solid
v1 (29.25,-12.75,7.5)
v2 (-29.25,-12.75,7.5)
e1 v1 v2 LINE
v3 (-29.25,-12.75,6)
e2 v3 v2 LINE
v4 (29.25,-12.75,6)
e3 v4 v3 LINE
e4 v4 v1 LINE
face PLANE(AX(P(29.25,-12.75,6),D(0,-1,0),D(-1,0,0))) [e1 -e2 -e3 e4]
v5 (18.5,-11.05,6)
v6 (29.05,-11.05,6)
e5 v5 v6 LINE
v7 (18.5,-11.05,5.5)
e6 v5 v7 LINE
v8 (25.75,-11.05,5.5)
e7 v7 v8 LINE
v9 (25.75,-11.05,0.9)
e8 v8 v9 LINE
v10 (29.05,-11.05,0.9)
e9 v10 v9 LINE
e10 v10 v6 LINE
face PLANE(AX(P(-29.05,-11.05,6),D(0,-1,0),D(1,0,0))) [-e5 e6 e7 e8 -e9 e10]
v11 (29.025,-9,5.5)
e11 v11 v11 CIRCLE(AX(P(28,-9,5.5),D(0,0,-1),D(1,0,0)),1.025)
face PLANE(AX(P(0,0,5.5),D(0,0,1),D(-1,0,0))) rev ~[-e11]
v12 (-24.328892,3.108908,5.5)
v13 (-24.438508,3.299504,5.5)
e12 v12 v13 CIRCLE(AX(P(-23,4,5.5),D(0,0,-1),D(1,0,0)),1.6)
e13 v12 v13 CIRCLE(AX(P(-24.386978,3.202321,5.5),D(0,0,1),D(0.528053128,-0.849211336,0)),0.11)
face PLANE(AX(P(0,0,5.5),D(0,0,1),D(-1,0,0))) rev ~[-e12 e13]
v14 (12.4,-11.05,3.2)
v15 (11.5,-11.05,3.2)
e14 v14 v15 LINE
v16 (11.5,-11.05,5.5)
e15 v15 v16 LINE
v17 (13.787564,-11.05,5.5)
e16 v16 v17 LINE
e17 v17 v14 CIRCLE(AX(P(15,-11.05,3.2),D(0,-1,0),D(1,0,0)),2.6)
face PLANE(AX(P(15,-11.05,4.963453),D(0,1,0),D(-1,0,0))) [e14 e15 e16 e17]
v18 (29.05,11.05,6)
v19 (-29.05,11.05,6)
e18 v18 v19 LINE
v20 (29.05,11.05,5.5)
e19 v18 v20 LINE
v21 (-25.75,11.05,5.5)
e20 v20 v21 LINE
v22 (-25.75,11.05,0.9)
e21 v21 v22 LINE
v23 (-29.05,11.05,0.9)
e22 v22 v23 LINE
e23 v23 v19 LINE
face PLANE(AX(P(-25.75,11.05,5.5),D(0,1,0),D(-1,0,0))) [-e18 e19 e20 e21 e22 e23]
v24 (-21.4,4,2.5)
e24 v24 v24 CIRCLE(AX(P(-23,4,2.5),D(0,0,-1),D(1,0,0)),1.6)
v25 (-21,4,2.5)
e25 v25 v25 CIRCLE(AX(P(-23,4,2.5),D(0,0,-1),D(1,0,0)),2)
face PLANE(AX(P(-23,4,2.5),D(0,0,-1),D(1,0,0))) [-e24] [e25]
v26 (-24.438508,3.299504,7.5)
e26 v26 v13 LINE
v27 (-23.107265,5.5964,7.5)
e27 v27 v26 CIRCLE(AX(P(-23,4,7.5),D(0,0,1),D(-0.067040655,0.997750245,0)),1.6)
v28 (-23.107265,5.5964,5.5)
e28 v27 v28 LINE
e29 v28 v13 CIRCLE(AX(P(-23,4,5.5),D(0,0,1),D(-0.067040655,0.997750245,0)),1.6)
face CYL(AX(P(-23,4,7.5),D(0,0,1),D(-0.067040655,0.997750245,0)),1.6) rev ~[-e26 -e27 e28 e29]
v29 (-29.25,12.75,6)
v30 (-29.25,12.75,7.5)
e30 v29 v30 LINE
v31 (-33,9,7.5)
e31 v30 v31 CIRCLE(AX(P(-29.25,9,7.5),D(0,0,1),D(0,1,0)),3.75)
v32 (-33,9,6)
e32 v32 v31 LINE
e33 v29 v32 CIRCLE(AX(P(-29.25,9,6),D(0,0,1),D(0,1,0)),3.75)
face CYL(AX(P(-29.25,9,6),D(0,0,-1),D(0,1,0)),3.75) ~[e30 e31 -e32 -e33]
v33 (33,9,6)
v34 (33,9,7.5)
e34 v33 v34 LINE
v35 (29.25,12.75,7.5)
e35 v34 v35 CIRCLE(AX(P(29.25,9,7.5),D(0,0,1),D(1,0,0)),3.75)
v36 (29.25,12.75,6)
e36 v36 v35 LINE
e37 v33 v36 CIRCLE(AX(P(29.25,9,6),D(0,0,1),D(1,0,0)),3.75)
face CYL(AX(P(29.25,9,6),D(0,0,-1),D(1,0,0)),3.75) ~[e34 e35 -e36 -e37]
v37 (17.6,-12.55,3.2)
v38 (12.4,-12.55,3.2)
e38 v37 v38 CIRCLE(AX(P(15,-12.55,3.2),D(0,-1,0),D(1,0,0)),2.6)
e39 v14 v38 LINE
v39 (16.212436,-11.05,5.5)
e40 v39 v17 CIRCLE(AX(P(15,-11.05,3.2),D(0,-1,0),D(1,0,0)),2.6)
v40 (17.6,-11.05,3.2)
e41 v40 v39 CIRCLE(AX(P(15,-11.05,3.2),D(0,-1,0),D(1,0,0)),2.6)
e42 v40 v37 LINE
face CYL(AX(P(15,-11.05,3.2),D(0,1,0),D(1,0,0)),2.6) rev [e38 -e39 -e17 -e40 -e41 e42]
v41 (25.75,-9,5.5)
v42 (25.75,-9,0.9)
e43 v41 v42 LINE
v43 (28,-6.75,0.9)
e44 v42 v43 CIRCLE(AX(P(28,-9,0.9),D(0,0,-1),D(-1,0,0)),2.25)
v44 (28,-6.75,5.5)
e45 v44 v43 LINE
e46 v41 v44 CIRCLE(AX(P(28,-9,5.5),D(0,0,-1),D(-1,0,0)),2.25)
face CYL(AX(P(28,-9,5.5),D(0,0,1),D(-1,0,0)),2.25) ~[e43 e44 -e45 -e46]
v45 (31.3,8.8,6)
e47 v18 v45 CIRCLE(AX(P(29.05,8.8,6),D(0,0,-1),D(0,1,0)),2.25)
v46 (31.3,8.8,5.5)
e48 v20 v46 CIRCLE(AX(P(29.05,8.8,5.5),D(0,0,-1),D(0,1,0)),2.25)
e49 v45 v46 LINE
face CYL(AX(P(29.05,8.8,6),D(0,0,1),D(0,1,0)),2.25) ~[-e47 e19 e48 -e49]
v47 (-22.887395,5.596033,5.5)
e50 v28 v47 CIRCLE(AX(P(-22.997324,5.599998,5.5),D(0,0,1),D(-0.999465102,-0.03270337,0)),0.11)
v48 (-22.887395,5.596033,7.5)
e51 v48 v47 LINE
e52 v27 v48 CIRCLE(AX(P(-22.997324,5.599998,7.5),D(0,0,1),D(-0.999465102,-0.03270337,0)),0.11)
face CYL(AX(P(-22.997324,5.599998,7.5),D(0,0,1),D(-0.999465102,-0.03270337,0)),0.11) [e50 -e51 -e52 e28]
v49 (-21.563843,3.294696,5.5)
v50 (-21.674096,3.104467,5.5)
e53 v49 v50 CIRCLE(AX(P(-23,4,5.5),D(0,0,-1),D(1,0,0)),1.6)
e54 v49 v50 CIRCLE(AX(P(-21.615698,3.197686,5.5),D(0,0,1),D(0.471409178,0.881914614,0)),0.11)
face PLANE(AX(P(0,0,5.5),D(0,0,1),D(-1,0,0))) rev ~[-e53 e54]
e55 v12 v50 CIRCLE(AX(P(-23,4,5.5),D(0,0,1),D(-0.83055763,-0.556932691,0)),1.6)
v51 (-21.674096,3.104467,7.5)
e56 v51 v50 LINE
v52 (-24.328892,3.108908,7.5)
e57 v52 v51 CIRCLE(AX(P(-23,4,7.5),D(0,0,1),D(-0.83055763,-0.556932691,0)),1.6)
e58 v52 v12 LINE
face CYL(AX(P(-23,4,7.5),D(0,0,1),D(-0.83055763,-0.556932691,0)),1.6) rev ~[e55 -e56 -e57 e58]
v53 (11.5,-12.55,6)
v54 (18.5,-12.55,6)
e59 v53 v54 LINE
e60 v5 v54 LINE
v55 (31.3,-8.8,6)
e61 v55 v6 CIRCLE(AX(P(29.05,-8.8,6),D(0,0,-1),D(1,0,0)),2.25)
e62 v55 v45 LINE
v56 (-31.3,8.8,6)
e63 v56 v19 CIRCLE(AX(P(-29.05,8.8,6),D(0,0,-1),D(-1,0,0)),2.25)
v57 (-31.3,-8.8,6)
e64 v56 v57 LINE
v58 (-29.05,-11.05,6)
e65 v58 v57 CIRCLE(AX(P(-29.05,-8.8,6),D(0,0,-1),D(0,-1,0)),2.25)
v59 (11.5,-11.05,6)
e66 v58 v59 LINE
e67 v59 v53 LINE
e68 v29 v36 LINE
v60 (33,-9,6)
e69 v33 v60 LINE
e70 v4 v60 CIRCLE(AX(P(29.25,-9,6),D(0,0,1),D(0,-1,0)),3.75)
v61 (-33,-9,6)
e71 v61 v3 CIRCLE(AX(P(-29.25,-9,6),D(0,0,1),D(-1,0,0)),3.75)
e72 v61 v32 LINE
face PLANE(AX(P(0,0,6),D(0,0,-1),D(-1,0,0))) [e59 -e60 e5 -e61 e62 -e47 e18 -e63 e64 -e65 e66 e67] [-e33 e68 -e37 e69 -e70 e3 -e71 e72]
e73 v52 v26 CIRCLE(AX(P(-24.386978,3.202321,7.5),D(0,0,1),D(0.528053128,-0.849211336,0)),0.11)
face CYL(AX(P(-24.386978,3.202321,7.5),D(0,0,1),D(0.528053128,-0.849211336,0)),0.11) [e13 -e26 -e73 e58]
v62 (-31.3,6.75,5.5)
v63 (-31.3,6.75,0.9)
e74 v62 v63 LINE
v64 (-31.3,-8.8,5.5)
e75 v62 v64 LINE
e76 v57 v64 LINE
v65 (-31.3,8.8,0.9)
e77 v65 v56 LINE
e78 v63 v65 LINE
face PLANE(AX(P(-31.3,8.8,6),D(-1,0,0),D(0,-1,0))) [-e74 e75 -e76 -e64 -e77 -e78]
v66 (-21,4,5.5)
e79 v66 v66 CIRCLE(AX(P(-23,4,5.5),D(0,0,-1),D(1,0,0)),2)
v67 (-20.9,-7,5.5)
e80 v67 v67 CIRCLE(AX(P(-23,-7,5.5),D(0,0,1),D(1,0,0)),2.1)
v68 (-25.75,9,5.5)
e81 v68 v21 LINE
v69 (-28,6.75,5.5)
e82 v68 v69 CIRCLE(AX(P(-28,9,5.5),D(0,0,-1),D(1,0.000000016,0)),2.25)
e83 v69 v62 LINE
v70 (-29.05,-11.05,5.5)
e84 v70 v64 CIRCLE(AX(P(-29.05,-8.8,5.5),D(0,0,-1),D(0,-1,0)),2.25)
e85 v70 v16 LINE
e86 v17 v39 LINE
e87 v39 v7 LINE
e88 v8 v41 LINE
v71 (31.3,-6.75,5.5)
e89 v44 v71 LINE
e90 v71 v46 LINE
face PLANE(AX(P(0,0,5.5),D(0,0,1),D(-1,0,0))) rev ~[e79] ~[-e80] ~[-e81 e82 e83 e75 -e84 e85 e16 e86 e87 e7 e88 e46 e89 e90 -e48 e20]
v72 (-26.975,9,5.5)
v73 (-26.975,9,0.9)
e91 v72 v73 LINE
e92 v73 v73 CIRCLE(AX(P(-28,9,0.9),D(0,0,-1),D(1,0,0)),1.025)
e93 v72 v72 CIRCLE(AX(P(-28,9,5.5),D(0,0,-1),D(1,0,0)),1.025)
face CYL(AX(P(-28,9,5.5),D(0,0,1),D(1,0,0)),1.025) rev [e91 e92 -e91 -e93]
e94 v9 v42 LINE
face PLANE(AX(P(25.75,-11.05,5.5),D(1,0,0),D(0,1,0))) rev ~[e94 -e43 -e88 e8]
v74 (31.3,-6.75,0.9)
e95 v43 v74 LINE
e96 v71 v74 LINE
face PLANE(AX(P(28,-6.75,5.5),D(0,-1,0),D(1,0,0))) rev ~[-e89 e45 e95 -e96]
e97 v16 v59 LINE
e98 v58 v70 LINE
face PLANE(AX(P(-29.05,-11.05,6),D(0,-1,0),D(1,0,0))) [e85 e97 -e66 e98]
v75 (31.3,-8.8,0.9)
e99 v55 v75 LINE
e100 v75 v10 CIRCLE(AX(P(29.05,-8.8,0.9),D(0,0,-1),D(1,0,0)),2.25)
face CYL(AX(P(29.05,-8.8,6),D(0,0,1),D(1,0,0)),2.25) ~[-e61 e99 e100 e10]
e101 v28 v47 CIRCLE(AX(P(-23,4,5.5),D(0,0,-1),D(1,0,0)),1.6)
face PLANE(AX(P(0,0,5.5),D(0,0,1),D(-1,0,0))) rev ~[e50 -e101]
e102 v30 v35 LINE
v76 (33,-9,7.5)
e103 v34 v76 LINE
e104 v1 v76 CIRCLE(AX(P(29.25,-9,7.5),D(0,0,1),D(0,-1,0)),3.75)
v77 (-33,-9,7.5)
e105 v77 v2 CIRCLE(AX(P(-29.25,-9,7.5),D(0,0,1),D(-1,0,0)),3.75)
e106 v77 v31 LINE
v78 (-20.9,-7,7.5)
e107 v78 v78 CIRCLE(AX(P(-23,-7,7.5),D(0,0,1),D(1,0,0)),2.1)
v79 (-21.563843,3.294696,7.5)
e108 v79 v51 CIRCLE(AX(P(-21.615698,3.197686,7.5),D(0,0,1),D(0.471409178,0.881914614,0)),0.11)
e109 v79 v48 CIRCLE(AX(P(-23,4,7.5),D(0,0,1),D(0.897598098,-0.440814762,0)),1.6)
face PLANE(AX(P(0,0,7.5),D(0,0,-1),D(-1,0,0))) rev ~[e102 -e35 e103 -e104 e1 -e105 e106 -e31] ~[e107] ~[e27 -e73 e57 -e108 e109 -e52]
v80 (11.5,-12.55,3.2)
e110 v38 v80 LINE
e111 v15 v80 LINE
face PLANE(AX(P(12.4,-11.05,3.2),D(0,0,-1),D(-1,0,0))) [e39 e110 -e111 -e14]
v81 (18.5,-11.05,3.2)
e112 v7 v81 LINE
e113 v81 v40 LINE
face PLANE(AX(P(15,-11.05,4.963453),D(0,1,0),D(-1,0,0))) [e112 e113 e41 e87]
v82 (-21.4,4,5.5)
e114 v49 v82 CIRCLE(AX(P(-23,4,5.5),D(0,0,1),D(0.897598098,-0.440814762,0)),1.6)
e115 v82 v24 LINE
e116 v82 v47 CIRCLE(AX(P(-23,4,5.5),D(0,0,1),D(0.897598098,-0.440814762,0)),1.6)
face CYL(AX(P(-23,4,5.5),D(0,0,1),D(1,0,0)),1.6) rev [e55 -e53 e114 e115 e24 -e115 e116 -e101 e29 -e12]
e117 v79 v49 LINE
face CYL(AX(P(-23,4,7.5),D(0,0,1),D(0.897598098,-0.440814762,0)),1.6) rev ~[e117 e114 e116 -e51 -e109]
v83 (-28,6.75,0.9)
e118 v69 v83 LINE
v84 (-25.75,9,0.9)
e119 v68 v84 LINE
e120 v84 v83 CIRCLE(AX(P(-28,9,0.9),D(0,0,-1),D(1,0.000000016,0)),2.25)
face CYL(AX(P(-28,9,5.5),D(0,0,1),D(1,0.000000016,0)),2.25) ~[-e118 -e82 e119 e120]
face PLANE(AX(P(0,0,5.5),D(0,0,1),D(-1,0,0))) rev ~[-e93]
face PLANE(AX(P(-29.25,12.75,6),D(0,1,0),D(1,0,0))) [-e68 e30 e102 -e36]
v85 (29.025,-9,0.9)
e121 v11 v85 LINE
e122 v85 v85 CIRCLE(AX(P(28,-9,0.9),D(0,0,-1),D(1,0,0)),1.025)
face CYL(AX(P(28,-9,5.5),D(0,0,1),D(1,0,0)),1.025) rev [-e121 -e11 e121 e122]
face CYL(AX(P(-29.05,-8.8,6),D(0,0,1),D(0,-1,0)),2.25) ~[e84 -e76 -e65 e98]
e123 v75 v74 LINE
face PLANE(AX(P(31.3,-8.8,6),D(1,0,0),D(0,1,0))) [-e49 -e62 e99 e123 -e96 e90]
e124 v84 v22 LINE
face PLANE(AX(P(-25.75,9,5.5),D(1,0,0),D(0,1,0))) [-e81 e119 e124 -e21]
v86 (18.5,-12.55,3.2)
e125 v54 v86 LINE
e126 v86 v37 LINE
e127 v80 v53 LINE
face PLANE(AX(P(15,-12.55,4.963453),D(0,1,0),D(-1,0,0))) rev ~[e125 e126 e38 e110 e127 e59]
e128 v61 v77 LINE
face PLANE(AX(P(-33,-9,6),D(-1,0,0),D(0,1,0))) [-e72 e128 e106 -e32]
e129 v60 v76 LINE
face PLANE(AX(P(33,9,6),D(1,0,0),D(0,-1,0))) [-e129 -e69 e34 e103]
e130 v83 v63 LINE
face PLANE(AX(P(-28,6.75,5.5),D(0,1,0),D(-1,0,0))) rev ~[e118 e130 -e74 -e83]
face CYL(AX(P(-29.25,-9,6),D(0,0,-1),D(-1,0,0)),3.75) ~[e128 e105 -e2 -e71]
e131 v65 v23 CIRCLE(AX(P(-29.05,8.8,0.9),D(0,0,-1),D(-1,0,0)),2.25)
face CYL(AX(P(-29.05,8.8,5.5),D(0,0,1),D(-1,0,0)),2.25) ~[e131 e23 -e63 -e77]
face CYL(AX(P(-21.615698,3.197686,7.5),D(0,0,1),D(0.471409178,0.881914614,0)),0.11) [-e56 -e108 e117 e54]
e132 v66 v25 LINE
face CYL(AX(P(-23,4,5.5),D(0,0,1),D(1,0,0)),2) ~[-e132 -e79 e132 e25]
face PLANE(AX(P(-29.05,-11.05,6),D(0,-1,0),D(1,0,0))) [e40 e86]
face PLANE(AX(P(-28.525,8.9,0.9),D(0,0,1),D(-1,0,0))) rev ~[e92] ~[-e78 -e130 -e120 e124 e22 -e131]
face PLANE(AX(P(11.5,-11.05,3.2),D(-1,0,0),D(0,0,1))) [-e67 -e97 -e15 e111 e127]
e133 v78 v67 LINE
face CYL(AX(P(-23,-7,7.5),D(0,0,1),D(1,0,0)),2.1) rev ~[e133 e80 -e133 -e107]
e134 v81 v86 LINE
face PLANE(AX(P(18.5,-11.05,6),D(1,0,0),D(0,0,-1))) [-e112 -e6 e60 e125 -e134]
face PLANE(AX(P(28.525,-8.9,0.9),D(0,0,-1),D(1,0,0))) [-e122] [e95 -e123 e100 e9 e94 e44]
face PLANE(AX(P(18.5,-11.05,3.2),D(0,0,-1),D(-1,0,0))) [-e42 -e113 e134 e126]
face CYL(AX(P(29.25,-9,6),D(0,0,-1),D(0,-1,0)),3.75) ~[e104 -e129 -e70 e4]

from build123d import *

# Parameters (mm, degrees)
PAD002_DEPTH  = 1.5
PAD003_DEPTH  = 0.5
SKETCH005_R   = 1.025
PAD004_DEPTH  = 4.6
SKETCH006_R   = 2.1
POCKET_DEPTH  = 2
SKETCH008_R   = 2
SKETCH008_R_2 = 1.6
PAD005_DEPTH  = 3
PAD014_DEPTH  = 1.5


with BuildPart() as part:
    # Sketch003 → Pad002 (new body)
    with BuildSketch(Plane.XY.offset(6)):
        with BuildLine():
            Line((-29.25, 12.75), (29.25, 12.75))
            ThreePointArc((33, 9), (31.9016504294, 11.6516504294), (29.25, 12.75))
            Line((33, 9), (33, -9))
            ThreePointArc((29.25, -12.75), (31.9016504295, -11.6516504294), (33, -9))
            Line((29.25, -12.75), (-29.25, -12.75))
            ThreePointArc((-33, -9), (-31.9016504294, -11.6516504295), (-29.25, -12.75))
            Line((-33, -9), (-33, 9))
            ThreePointArc((-29.25, 12.75), (-31.9016504294, 11.6516504294), (-33, 9))
        make_face()
    extrude(amount=PAD002_DEPTH)

    # Sketch004 → Pad003 (new body)
    with BuildSketch(Plane(origin=(0, 0, 6), x_dir=(1, 0, 0), z_dir=(0, 0, -1))):
        with BuildLine():
            Line((-29.05, 11.05), (29.05, 11.05))
            ThreePointArc((31.3, 8.8), (30.6409902577, 10.3909902577), (29.05, 11.05))
            Line((31.3, 8.8), (31.3, -8.8))
            ThreePointArc((29.05, -11.05), (30.6409902577, -10.3909902577), (31.3, -8.8))
            Line((29.05, -11.05), (-29.05, -11.05))
            ThreePointArc((-31.3, -8.8), (-30.6409902577, -10.3909902577), (-29.05, -11.05))
            Line((-31.3, -8.8), (-31.3, 8.8))
            ThreePointArc((-29.05, 11.05), (-30.6409902577, 10.3909902577), (-31.3, 8.8))
        make_face()
    extrude(amount=PAD003_DEPTH)

    # Sketch005 → Pad004 (new body)
    with BuildSketch(Plane(origin=(0, 0, 5.5), x_dir=(1, 0, 0), z_dir=(0, 0, -1))):
        with BuildLine():
            Line((-25.75, -9), (-25.75, -11.05))
            Line((-25.75, -11.05), (-29.05, -11.05))
            ThreePointArc((-31.3, -8.8), (-30.6409902577, -10.3909902577), (-29.05, -11.05))
            Line((-31.3, -6.75), (-31.3, -8.8))
            Line((-27.9999999649, -6.75), (-31.3, -6.75))
            ThreePointArc((-25.75, -9.0000000351), (-26.4090097175, -7.4090097671), (-27.9999999649, -6.75))
        make_face()
        with Locations((-28, -9)):
            Circle(SKETCH005_R, mode=Mode.SUBTRACT)
        with BuildLine():
            ThreePointArc((25.75, 9), (26.4090097423, 7.4090097423), (28, 6.75))
            Line((28, 6.75), (31.3, 6.75))
            Line((31.3, 8.8), (31.3, 6.75))
            ThreePointArc((31.3, 8.8), (30.6409902577, 10.3909902577), (29.05, 11.05))
            Line((29.05, 11.05), (25.75, 11.05))
            Line((25.75, 11.05), (25.75, 9))
        make_face()
        with Locations((28, 9)):
            Circle(SKETCH005_R, mode=Mode.SUBTRACT)
    extrude(amount=PAD004_DEPTH)

    # Sketch006 → Pocket (cut)
    with BuildSketch(Plane.XY.offset(7.5)):
        with Locations((-23, -7)):
            Circle(SKETCH006_R)
        with BuildLine():
            ThreePointArc((-24.3288922086, 3.1089076939), (-23.0026761128, 2.400002238), (-21.6740960519, 3.1044673539))
            ThreePointArc((-21.5638430432, 3.2946963807), (-21.7108688116, 3.2528448762), (-21.6740960519, 3.1044673539))
            ThreePointArc((-21.5638430432, 3.2946963807), (-21.6130238799, 4.7976824194), (-22.8873953748, 5.5960326433))
            ThreePointArc((-23.1072650483, 5.5964003913), (-22.9975078699, 5.4899979159), (-22.8873953748, 5.5960326433))
            ThreePointArc((-23.1072650483, 5.5964003913), (-24.3843000035, 4.8023175806), (-24.4385082583, 3.2995044678))
            ThreePointArc((-24.3288922086, 3.1089076939), (-24.2916233116, 3.2571613762), (-24.4385082583, 3.2995044678))
        make_face()
    extrude(amount=-POCKET_DEPTH, mode=Mode.SUBTRACT)

    # Sketch008 → Pad005 (new body)
    with BuildSketch(Plane(origin=(0, 0, 5.5), x_dir=(1, 0, 0), z_dir=(0, 0, -1))):
        with Locations((-23, -4)):
            Circle(SKETCH008_R)
        with Locations((-23, -4)):
            Circle(SKETCH008_R_2, mode=Mode.SUBTRACT)
    extrude(amount=PAD005_DEPTH)

    # Sketch023 → Pad014 (new body)
    with BuildSketch(Plane(origin=(0, -11.05, 6), x_dir=(1, 0, 0), z_dir=(0, -1, 0))):
        with BuildLine():
            Line((11.5, 0), (18.5, 0))
            Line((18.5, 0), (18.5, -2.8))
            Line((18.5, -2.8), (17.6, -2.8))
            ThreePointArc((17.6, -2.8000000001), (15, -0.2000000001), (12.4, -2.8))
            Line((12.4, -2.8), (11.5, -2.8))
            Line((11.5, -2.8), (11.5, 0))
        make_face()
    extrude(amount=PAD014_DEPTH)


solid = part.part
